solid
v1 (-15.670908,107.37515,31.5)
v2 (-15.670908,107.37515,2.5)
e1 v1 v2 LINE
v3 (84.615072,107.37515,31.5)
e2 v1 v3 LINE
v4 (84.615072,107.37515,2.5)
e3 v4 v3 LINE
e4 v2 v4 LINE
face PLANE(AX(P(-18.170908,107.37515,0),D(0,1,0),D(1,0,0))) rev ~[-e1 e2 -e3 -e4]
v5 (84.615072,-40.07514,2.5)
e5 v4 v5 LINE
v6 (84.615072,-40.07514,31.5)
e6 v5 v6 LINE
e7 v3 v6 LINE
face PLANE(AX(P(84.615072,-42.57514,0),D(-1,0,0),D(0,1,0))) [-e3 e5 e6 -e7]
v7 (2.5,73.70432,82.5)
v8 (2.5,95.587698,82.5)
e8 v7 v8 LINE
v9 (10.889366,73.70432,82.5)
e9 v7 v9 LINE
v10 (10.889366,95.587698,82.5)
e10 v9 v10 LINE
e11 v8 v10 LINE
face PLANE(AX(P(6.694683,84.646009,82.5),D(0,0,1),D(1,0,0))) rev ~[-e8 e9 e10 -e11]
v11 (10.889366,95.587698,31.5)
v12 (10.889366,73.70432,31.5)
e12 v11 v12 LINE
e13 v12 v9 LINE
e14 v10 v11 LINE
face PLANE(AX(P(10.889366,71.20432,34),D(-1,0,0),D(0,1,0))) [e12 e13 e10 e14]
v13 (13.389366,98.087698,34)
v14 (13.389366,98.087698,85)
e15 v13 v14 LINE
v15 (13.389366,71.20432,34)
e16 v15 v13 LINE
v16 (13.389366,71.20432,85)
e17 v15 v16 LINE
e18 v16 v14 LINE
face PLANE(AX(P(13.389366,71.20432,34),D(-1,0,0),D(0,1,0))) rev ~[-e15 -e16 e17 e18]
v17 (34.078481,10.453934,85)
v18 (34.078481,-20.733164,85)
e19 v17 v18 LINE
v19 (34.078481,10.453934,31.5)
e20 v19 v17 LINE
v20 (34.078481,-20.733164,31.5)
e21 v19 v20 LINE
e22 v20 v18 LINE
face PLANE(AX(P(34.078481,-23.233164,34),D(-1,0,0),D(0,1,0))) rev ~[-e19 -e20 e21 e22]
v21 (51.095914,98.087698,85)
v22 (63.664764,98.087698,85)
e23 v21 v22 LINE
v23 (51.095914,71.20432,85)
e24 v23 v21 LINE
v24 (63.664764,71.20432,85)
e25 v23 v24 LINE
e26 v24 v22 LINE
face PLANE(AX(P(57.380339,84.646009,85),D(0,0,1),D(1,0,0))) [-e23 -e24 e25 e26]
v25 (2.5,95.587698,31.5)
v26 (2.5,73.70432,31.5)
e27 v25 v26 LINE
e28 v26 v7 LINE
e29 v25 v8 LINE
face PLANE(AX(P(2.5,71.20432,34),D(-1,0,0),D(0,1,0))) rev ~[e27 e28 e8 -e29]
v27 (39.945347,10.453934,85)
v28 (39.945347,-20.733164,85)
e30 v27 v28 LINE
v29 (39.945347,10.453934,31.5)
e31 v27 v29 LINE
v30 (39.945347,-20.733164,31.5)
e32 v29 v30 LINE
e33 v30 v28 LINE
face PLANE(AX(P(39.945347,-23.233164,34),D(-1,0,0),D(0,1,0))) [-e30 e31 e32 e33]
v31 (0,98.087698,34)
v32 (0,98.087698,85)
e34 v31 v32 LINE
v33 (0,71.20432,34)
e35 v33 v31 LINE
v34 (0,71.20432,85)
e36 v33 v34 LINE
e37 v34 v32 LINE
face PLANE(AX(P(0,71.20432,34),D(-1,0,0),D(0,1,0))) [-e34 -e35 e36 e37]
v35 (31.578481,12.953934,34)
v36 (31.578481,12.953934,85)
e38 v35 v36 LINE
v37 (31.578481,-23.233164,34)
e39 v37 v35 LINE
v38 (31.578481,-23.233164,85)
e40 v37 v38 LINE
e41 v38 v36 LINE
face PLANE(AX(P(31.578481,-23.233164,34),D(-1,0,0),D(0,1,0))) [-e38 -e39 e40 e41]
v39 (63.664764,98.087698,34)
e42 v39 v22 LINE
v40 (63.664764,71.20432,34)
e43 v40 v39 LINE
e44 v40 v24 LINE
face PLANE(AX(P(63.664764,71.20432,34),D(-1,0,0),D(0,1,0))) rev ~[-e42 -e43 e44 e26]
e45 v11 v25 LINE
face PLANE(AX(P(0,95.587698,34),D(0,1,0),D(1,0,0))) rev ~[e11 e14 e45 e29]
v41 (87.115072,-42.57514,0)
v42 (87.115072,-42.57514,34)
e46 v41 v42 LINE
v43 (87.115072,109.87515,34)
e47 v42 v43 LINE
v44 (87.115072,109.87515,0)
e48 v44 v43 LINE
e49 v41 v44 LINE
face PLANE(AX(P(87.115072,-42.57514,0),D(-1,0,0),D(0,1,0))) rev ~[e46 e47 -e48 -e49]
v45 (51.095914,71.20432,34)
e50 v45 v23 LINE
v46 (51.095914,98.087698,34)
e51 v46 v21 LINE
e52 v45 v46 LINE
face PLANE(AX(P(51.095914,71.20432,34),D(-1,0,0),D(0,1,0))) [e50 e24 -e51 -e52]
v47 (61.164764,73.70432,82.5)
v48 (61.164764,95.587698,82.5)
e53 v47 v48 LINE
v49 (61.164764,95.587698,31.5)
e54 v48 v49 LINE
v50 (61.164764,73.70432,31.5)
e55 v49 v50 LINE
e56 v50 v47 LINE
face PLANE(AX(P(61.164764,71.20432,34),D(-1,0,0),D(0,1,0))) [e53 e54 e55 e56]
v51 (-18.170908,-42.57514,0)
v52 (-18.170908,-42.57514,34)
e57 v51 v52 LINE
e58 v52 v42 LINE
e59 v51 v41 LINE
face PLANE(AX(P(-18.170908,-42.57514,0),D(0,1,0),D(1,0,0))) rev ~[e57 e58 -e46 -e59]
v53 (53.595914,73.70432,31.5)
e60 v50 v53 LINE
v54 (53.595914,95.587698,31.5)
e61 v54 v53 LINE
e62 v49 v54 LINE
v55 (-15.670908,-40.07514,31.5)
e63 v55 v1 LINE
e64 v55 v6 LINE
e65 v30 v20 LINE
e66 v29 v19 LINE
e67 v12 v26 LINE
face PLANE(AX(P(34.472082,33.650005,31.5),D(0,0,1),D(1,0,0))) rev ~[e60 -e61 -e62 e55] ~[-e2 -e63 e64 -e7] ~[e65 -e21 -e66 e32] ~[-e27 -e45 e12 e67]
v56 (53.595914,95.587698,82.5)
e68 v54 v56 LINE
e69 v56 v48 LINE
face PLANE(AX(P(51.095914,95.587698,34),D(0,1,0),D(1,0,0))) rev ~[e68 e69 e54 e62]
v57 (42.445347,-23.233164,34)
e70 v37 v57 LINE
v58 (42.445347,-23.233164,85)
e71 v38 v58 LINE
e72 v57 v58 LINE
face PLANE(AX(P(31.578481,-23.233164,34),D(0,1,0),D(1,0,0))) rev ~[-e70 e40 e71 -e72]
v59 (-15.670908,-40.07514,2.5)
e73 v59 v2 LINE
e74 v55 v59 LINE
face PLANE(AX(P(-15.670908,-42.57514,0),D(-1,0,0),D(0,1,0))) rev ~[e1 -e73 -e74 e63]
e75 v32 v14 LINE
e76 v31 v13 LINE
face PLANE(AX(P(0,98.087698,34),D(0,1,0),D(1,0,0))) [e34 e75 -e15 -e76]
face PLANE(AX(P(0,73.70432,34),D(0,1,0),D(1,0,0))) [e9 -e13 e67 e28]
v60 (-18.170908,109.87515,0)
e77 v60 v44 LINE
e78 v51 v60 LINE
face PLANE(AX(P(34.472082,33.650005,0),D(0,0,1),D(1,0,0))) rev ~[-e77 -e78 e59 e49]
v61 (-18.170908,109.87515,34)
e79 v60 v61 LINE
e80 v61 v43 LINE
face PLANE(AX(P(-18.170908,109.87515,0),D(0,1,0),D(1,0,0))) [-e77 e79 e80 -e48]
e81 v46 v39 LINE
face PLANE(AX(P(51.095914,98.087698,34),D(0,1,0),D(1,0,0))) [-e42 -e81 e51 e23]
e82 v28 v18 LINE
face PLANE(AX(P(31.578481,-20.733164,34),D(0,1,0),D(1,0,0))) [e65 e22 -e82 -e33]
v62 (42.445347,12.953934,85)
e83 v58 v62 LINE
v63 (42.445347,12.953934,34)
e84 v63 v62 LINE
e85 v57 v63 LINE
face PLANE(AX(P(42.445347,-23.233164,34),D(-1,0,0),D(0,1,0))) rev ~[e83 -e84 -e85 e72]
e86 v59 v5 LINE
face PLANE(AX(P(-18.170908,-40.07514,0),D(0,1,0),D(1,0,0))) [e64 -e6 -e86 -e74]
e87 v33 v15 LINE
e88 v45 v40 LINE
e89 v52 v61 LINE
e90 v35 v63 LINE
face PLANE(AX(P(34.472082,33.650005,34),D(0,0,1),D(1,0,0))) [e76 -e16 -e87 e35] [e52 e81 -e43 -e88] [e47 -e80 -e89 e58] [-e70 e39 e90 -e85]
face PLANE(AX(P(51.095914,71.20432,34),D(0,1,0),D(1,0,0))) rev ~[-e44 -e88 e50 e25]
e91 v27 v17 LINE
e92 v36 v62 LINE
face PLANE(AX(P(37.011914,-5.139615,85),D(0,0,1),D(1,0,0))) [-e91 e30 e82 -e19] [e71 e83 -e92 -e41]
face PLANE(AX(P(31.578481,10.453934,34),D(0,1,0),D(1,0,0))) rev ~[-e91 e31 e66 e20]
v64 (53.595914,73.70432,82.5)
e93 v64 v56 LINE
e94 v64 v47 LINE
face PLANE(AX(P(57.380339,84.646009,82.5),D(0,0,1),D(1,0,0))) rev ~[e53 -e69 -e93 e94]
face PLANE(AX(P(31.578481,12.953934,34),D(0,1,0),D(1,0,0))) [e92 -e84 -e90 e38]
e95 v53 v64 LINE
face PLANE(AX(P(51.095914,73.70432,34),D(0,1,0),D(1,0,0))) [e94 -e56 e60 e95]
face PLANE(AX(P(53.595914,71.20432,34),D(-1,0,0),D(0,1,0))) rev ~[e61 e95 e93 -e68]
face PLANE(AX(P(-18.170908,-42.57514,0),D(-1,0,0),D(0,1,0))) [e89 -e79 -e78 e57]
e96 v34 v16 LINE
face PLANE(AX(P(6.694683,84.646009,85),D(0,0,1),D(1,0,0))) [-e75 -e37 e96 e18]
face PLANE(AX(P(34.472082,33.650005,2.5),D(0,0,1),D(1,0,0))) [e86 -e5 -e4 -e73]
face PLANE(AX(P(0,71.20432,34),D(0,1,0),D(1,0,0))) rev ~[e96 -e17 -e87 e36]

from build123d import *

# Parameters (mm, degrees)
F0_W     = 105.2859798074
F0_H     = 152.4502895772
F1_DEPTH = 34
F2_W     = 13.3893657476
F2_H     = 26.8833786249
F2_W_2   = 12.5688500702
F2_W_3   = 10.8668655157
F2_H_2   = 36.1870983616
F3_DEPTH = 51
F4_T     = -2.5


with BuildPart() as f1:
    # F0 (on Top) → F1 (new body)
    with BuildSketch(Plane.XY):
        with Locations((34.4720818102, 33.6500052363)):
            Rectangle(F0_W, F0_H)
    extrude(amount=F1_DEPTH)

    # F2 (on face) → F3 (join)
    with BuildSketch(Plane.XY.offset(34)):
        with Locations((6.6946828738, 84.6460089087)):
            Rectangle(F2_W, F2_H)
        with Locations((57.3803391308, 84.6460089087)):
            Rectangle(F2_W_2, F2_H)
        with Locations((37.0119139552, -5.1396149211)):
            Rectangle(F2_W_3, F2_H_2)
    extrude(amount=F3_DEPTH)

    # F4
    f4_openings = [f1.faces().sort_by_distance(p)[0] for p in [
        (37.011914, -5.139615, 85),
    ]]
    offset(amount=F4_T, openings=f4_openings, kind=Kind.INTERSECTION)


solid = f1.part
